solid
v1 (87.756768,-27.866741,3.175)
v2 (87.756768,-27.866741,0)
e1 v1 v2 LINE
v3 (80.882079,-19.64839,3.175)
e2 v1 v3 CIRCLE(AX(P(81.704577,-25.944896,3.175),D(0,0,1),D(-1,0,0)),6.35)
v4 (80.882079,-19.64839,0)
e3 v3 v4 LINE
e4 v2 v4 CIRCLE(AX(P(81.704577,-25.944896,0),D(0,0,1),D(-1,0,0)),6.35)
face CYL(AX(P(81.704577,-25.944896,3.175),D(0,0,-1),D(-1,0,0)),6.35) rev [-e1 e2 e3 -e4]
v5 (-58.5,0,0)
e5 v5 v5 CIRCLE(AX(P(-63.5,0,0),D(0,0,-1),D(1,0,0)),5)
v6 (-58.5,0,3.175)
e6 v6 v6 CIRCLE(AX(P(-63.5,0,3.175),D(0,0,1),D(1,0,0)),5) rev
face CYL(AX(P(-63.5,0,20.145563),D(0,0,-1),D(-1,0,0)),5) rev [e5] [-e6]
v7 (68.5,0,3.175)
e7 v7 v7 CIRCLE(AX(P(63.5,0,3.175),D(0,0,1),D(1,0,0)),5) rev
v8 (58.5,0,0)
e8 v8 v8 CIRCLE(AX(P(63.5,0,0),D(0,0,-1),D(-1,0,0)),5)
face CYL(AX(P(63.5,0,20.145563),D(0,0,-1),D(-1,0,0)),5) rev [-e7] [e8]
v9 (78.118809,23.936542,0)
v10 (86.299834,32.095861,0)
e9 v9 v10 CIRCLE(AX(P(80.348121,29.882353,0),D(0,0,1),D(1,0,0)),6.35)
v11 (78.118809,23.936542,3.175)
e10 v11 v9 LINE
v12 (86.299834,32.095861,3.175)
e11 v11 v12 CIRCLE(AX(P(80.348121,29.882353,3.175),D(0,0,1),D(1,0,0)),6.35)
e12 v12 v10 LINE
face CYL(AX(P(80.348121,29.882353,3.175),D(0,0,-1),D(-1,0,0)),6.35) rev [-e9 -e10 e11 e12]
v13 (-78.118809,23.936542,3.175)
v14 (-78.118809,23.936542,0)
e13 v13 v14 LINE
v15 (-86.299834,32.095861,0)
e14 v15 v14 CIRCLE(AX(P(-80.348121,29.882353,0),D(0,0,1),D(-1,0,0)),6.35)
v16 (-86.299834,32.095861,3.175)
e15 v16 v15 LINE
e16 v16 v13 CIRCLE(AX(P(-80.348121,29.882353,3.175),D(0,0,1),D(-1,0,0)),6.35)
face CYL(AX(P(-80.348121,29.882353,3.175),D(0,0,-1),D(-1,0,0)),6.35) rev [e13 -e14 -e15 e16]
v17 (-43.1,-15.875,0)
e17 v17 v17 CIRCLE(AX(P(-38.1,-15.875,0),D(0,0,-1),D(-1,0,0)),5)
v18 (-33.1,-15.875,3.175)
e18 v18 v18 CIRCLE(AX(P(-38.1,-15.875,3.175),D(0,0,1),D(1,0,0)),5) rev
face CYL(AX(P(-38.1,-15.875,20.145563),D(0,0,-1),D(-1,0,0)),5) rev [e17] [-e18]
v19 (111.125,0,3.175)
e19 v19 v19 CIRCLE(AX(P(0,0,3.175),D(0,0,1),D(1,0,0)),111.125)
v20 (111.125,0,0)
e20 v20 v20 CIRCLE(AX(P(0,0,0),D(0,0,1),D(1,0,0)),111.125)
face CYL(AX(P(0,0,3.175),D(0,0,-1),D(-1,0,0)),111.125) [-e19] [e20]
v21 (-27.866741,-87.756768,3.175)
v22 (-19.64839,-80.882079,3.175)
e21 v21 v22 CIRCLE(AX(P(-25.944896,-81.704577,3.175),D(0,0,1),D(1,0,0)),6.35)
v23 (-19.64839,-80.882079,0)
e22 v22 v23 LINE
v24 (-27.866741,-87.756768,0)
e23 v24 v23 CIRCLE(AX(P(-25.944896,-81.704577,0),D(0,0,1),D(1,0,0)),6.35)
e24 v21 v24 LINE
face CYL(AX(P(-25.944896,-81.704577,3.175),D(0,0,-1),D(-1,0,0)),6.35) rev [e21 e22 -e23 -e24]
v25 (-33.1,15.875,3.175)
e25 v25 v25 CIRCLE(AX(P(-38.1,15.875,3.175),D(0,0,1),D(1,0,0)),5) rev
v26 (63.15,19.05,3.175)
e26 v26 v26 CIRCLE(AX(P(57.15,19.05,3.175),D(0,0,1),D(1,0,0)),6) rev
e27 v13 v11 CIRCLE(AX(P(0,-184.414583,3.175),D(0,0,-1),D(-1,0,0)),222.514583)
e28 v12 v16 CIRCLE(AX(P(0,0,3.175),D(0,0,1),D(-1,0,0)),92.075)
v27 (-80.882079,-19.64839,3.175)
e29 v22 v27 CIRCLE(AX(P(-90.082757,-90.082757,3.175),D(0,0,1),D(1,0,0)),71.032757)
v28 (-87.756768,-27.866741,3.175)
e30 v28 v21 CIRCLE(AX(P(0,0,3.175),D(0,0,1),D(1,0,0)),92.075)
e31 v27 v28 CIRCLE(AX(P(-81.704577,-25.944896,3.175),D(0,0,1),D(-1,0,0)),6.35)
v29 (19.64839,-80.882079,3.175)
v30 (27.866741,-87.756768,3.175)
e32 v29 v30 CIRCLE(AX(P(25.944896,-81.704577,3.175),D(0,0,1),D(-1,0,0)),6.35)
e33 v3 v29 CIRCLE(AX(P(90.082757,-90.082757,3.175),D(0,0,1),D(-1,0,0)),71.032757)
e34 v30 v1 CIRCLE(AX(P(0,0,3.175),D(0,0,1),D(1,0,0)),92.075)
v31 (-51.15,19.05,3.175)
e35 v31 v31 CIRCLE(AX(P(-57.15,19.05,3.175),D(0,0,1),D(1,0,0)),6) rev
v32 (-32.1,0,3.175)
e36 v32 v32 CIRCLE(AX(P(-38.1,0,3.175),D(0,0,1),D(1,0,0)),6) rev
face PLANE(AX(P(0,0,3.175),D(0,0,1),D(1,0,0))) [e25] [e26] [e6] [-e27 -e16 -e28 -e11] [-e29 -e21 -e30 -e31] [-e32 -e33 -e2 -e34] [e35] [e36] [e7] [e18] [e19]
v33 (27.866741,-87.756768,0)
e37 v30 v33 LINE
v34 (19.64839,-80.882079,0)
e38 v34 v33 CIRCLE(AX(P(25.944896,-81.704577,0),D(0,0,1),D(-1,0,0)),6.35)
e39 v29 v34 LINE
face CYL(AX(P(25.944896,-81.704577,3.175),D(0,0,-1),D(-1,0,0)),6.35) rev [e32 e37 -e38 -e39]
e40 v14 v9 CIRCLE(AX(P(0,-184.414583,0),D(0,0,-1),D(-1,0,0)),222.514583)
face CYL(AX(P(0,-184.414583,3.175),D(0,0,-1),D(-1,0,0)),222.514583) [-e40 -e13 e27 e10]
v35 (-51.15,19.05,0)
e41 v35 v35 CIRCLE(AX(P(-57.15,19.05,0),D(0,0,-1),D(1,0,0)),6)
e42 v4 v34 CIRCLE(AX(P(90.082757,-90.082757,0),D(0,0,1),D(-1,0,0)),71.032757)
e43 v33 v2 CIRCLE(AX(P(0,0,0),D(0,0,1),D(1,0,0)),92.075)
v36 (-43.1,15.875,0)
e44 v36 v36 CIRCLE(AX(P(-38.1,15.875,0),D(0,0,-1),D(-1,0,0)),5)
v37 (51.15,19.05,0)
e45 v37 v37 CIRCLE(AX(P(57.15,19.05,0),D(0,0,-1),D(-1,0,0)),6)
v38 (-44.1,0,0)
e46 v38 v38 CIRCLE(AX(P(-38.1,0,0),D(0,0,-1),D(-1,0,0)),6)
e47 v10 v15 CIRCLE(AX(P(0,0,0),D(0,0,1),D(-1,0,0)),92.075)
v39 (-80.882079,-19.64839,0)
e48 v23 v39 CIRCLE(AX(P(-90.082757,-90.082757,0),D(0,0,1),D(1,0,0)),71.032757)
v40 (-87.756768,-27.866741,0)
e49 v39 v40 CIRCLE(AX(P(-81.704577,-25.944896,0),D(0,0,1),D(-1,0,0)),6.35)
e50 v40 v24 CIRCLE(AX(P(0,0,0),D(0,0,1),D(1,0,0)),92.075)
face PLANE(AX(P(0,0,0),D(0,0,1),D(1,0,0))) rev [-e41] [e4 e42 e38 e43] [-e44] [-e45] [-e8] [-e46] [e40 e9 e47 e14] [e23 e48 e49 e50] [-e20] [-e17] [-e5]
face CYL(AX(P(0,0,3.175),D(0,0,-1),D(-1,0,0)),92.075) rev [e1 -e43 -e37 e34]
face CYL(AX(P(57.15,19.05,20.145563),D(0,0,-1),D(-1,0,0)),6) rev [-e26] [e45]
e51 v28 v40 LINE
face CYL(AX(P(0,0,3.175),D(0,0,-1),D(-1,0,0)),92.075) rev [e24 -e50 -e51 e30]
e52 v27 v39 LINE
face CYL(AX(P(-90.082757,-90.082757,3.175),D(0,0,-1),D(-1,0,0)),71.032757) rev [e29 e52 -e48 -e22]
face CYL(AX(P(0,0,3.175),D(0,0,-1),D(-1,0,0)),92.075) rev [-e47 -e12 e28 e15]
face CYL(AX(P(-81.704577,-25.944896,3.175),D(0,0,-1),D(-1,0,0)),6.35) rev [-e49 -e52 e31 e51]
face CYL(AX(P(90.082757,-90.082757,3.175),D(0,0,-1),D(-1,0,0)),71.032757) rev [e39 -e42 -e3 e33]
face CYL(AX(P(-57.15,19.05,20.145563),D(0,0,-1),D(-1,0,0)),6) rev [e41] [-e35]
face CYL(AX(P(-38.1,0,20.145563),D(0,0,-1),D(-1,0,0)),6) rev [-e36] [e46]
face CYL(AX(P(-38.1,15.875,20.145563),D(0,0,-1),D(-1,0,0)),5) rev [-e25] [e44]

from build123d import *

# Parameters (mm, degrees)
SKETCH1_R           = 111.125
BOSS_EXTRUDE1_DEPTH = 3.175
SKETCH2_R           = 5.999999938
SKETCH2_R_2         = 5.000000033
CUT_EXTRUDE1_DEPTH  = 3.175


with BuildPart() as part:
    # Sketch1 → Boss-Extrude1 (new body)
    with BuildSketch(Plane.XY):
        Circle(SKETCH1_R)
        with BuildLine():
            ThreePointArc((-78.118809332, 23.936541993), (0, 38.1), (78.118809332, 23.936541993))
            ThreePointArc((78.118809332, 23.936541993), (84.832280885, 25.386264259), (86.299834064, 32.095860566))
            ThreePointArc((86.299834064, 32.095860566), (0, 92.075), (-86.299834064, 32.095860566))
            ThreePointArc((-86.299834064, 32.095860566), (-84.832280885, 25.386264259), (-78.118809332, 23.936541993))
        make_face(mode=Mode.SUBTRACT)
        with BuildLine():
            ThreePointArc((19.648389698, -80.882079401), (39.855012865, -39.855012865), (80.882079401, -19.648389698))
            ThreePointArc((80.882079401, -19.648389698), (86.575177486, -21.870616714), (87.75676836, -27.866740606))
            ThreePointArc((87.75676836, -27.866740606), (65.106856878, -65.106856878), (27.866740606, -87.75676836))
            ThreePointArc((27.866740606, -87.75676836), (21.870616714, -86.575177486), (19.648389698, -80.882079401))
        make_face(mode=Mode.SUBTRACT)
        with BuildLine():
            ThreePointArc((-19.648389698, -80.882079401), (-39.855012865, -39.855012865), (-80.882079401, -19.648389698))
            ThreePointArc((-80.882079401, -19.648389698), (-86.575177486, -21.870616714), (-87.75676836, -27.866740606))
            ThreePointArc((-87.75676836, -27.866740606), (-65.106856878, -65.106856878), (-27.866740606, -87.75676836))
            ThreePointArc((-27.866740606, -87.75676836), (-21.870616714, -86.575177486), (-19.648389698, -80.882079401))
        make_face(mode=Mode.SUBTRACT)
    extrude(amount=BOSS_EXTRUDE1_DEPTH)

    # Sketch2 → Cut-Extrude1 (cut)
    with BuildSketch(Plane(origin=(0, 0, 0), x_dir=(-1, 0, 0), z_dir=(0, 0, -1))):
        with Locations((-57.15, 19.05)):
            Circle(SKETCH2_R)
        with Locations((-63.5, 0)):
            Circle(SKETCH2_R_2)
        with Locations((57.15, 19.05)):
            Circle(SKETCH2_R)
        with Locations((63.5, 0)):
            Circle(SKETCH2_R_2)
        with Locations((38.1, 0)):
            Circle(SKETCH2_R)
        with Locations((38.1, 15.875)):
            Circle(SKETCH2_R_2)
        with Locations((38.1, -15.875)):
            Circle(SKETCH2_R_2)
    extrude(amount=-CUT_EXTRUDE1_DEPTH, mode=Mode.SUBTRACT)


solid = part.part
